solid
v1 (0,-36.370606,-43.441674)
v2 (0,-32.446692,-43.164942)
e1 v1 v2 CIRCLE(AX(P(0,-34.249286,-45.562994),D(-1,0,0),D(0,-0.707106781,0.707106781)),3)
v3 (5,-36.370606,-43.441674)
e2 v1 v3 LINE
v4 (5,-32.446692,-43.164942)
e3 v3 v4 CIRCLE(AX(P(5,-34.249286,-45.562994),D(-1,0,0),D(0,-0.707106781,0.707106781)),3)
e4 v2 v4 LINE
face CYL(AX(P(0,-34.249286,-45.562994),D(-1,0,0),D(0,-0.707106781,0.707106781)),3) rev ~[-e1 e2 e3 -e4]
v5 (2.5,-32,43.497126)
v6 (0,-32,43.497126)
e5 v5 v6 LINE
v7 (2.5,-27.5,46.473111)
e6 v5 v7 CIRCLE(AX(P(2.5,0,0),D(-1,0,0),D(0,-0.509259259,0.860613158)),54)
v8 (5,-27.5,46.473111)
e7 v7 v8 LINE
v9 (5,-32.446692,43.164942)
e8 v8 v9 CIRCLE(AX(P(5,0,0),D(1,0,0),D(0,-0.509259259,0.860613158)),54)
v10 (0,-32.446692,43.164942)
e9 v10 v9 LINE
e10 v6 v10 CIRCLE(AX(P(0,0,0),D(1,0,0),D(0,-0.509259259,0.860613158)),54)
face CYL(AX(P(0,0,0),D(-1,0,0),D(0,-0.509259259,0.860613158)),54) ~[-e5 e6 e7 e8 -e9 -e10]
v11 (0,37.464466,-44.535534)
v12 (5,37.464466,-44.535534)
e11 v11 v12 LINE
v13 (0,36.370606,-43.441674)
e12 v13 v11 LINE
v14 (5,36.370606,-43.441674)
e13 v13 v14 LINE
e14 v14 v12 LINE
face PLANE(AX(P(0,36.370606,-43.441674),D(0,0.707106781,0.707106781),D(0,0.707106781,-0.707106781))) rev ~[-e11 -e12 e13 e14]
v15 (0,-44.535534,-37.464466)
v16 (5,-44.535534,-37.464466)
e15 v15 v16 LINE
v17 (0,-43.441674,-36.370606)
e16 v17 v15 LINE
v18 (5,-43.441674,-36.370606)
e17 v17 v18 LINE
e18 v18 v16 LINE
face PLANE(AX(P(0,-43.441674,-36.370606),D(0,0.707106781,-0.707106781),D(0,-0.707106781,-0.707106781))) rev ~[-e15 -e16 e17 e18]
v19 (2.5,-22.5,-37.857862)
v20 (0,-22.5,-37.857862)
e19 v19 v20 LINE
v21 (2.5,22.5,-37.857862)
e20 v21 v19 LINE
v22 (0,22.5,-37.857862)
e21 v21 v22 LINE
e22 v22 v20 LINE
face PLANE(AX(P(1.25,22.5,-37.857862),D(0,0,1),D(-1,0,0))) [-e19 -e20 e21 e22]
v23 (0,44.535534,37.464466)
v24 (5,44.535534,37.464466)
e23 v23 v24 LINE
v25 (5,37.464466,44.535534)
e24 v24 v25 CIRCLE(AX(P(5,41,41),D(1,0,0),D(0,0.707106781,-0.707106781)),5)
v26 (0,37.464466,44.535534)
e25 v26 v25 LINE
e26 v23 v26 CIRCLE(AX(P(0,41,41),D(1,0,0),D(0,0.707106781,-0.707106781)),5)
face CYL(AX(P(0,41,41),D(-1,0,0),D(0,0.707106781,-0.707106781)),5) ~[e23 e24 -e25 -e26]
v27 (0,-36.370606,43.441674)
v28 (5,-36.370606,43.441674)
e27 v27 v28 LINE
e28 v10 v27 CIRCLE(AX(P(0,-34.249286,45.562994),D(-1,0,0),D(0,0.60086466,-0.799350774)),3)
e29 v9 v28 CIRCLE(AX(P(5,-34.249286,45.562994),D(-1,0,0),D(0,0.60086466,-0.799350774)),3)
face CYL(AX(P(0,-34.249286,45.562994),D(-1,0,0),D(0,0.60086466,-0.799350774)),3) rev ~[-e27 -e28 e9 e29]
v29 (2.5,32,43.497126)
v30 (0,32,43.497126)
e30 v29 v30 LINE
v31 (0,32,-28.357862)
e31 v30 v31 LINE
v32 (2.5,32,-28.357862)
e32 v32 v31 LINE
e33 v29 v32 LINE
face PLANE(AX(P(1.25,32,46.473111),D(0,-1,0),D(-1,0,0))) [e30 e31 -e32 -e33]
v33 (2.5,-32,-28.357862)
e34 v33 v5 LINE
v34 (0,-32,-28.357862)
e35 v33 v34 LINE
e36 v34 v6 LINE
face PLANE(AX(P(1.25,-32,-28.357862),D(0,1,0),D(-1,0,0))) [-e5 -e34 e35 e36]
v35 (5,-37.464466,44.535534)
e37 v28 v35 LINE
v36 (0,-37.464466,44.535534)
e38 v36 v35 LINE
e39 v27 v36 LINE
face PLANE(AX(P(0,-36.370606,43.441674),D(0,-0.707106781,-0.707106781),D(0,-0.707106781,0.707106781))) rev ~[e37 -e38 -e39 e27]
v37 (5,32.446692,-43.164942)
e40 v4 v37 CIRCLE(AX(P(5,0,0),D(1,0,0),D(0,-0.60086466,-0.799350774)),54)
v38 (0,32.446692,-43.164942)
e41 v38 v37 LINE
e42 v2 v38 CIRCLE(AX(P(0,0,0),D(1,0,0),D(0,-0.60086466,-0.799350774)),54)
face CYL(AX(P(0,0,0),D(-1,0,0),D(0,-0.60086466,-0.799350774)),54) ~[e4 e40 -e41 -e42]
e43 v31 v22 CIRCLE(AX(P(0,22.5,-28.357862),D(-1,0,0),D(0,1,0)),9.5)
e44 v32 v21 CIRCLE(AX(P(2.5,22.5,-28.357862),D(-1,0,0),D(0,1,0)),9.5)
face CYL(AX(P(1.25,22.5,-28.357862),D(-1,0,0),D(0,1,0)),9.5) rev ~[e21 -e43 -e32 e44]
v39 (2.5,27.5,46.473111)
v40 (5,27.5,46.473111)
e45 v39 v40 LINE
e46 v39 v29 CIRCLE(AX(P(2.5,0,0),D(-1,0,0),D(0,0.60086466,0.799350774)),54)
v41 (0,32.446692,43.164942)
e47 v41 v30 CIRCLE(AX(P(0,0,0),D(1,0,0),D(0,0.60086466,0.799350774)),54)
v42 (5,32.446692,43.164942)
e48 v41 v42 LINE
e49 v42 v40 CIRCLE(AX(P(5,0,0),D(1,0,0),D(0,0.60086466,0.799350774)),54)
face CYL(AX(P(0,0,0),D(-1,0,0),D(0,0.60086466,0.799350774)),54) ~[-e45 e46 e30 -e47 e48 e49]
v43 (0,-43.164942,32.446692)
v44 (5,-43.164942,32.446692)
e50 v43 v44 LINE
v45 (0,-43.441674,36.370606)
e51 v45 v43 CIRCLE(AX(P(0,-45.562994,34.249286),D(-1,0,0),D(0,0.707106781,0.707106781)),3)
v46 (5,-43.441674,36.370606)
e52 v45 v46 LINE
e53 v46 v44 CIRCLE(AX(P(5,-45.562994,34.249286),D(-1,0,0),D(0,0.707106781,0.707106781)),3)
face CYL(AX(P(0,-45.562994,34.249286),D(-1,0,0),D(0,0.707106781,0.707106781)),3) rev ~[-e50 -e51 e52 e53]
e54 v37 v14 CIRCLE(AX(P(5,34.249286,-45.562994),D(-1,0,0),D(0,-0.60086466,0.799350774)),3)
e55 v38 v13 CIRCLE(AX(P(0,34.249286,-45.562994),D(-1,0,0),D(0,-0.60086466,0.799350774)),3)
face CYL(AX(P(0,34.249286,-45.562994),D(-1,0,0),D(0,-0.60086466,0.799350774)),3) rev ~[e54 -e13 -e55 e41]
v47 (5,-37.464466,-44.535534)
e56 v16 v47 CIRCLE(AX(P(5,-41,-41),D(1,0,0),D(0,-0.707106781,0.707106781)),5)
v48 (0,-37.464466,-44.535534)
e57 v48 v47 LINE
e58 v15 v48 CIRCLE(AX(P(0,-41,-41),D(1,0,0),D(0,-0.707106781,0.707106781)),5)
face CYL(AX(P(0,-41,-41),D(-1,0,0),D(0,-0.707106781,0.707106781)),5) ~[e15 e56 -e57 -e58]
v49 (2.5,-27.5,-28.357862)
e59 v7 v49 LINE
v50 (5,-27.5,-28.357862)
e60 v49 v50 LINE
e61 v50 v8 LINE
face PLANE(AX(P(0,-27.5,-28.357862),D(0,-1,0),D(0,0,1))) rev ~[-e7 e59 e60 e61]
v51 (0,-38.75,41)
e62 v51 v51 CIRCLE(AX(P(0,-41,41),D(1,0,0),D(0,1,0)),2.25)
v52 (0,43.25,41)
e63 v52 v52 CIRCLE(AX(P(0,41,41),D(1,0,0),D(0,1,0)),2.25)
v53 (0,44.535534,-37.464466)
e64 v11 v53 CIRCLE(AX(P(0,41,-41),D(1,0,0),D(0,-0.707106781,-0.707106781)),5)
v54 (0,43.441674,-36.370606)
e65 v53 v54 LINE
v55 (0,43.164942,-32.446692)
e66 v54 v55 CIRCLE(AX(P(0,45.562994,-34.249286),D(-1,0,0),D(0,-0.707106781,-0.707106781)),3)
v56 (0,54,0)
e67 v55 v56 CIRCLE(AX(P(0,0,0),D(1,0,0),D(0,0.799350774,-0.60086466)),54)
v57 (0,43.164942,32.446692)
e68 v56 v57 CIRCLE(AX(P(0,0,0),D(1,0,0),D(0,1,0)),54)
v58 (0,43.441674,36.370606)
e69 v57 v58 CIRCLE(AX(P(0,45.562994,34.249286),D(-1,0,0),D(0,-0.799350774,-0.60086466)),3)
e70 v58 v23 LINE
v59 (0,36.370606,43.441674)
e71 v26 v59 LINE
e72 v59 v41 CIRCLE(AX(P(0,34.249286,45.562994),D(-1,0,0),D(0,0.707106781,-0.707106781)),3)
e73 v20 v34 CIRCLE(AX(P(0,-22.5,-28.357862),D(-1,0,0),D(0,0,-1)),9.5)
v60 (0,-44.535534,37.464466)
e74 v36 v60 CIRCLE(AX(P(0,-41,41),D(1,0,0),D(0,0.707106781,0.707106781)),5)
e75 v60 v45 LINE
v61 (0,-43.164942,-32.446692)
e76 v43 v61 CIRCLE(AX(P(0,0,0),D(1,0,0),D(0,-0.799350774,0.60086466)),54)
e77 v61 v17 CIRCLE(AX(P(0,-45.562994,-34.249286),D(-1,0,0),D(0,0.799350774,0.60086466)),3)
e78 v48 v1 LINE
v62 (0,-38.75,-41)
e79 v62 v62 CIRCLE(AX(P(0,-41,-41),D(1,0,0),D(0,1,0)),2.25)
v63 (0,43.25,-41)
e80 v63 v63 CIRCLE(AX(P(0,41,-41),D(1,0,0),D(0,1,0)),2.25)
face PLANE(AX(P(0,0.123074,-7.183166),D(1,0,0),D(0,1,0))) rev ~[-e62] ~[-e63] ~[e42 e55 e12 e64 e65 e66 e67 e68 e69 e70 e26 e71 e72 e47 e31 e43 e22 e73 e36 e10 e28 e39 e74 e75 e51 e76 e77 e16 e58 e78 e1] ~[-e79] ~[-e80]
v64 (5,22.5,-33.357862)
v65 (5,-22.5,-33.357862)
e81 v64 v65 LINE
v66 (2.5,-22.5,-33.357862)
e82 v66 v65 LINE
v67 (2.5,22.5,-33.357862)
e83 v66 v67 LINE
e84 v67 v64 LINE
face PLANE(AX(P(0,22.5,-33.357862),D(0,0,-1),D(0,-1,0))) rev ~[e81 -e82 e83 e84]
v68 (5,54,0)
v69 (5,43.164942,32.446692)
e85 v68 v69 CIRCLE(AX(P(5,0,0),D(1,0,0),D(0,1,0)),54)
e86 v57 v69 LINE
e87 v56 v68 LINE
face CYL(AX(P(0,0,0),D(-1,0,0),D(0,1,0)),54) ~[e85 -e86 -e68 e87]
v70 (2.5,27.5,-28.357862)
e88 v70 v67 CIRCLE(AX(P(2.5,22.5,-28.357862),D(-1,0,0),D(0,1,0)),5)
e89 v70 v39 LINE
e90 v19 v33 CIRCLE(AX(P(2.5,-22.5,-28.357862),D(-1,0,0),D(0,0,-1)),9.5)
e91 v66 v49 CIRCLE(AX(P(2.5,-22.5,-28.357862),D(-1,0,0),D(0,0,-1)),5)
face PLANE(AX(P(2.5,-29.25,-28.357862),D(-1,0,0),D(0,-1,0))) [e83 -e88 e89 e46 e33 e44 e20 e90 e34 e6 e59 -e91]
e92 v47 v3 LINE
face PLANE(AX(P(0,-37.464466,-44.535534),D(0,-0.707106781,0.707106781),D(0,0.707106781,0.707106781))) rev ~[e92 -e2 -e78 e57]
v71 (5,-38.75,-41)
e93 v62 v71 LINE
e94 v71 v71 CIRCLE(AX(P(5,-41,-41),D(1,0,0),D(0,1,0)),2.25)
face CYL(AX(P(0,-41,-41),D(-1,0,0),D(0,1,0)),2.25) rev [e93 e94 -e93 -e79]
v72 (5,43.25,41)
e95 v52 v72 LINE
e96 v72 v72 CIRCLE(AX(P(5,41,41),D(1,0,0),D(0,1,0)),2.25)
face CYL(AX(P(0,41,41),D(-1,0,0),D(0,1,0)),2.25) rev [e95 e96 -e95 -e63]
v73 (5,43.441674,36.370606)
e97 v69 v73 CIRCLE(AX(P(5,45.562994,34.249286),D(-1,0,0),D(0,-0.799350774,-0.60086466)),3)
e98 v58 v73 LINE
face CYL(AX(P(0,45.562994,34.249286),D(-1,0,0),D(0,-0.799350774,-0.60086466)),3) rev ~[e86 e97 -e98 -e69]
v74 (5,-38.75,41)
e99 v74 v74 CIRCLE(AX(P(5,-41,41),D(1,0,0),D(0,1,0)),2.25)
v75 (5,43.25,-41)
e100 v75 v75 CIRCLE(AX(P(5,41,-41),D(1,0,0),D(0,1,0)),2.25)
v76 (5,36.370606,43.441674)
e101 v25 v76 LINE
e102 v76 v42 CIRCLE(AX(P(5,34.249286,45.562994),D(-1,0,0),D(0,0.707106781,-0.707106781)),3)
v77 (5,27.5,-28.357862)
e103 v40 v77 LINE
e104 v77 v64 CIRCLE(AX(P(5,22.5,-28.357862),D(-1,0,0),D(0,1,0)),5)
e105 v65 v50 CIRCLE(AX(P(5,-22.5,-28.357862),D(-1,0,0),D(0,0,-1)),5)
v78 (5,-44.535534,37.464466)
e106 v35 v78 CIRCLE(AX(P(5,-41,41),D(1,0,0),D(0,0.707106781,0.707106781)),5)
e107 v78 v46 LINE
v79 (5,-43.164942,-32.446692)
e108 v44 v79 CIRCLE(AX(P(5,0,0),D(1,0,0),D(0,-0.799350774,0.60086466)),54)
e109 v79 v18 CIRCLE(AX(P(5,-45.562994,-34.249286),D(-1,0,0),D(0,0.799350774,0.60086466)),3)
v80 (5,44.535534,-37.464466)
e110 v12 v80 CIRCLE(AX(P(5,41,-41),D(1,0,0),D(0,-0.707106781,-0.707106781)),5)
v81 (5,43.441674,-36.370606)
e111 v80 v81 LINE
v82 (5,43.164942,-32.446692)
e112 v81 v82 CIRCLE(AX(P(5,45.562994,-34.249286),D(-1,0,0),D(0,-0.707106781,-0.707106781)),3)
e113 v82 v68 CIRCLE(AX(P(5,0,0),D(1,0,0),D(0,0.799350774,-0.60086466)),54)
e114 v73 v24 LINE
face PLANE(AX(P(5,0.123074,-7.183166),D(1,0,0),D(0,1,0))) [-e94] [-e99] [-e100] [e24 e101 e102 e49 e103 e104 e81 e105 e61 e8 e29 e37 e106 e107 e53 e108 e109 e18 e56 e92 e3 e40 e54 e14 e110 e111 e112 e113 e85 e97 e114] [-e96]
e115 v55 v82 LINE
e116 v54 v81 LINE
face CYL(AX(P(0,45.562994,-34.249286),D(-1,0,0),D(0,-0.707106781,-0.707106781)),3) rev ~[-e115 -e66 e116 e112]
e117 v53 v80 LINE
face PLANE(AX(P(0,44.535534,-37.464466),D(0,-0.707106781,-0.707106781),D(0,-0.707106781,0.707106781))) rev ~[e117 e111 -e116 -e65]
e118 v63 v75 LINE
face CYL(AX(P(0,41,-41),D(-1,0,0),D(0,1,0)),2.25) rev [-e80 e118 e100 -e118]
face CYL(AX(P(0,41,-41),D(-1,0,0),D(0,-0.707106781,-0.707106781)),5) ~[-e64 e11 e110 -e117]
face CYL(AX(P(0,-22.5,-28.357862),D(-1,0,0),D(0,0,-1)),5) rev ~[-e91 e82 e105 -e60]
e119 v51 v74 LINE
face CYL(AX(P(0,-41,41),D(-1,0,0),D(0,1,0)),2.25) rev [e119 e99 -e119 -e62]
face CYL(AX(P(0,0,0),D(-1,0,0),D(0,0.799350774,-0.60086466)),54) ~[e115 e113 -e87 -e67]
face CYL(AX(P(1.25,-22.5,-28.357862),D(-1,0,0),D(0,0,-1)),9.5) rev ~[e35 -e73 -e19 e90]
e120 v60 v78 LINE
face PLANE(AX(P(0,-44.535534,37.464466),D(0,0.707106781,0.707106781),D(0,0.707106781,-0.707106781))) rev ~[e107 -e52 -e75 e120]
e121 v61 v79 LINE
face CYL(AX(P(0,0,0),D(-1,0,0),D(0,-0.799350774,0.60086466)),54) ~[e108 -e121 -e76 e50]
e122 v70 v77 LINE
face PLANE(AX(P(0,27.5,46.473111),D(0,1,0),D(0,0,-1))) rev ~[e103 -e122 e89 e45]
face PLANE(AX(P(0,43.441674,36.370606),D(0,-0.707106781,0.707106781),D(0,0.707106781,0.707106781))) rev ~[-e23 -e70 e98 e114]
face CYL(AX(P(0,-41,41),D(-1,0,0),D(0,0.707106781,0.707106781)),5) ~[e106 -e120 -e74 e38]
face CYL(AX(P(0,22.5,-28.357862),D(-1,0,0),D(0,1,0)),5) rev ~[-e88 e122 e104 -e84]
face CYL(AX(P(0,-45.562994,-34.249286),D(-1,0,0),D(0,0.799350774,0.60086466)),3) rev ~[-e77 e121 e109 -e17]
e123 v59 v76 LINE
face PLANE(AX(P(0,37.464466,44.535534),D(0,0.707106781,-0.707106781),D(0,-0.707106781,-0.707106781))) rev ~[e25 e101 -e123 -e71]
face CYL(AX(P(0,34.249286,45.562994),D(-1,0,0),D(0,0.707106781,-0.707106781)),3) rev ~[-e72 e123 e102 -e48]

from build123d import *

# Parameters (mm, degrees)
F0_R     = 2.25
F1_DEPTH = 5
F4_W     = 2.5
F4_H     = 5.5


with BuildPart() as f1:
    # F0 (on Right) → F1 (new body)
    with BuildSketch(Plane.YZ):
        with BuildLine():
            ThreePointArc((-27.5, 46.4731105049), (-30.0189515962, 44.8872202867), (-32.4466916485, 43.1649418054))
            ThreePointArc((-32.4466916485, 43.1649418054), (-38.1837661841, 38.1837661841), (-43.1649418054, 32.4466916485))
            ThreePointArc((-43.1649418054, 32.4466916485), (-54, 0), (-43.1649418054, -32.4466916485))
            ThreePointArc((-43.1649418054, -32.4466916485), (-38.1837661841, -38.1837661841), (-32.4466916485, -43.1649418054))
            ThreePointArc((-32.4466916485, -43.1649418054), (0, -54), (32.4466916485, -43.1649418054))
            ThreePointArc((32.4466916485, -43.1649418054), (38.1837661841, -38.1837661841), (43.1649418054, -32.4466916485))
            ThreePointArc((43.1649418054, -32.4466916485), (51.2196586161, -17.1039928453), (54, 0))
            ThreePointArc((54, 0), (51.2196586161, 17.1039928453), (43.1649418054, 32.4466916485))
            ThreePointArc((43.1649418054, 32.4466916485), (38.1837661841, 38.1837661841), (32.4466916485, 43.1649418054))
            ThreePointArc((32.4466916485, 43.1649418054), (30.0189515962, 44.8872202867), (27.5, 46.4731105049))
            Line((27.5, 46.4731105049), (27.5, -28.3578620553))
            ThreePointArc((27.5, -28.3578620553), (26.0355339059, -31.8933959612), (22.5, -33.3578620553))
            Line((22.5, -33.3578620553), (-22.5, -33.3578620553))
            ThreePointArc((-22.5, -33.3578620553), (-26.0355339059, -31.8933959612), (-27.5, -28.3578620553))
            Line((-27.5, -28.3578620553), (-27.5, 46.4731105049))
        make_face()
        with BuildLine():
            ThreePointArc((-43.1649418054, 32.4466916485), (-38.1837661841, 38.1837661841), (-32.4466916485, 43.1649418054))
            ThreePointArc((-32.4466916485, 43.1649418054), (-34.4603348429, 42.5704269643), (-36.3706059725, 43.4416737844))
            Line((-36.3706059725, 43.4416737844), (-37.4644660941, 44.5355339059))
            ThreePointArc((-37.4644660941, 44.5355339059), (-44.5355339059, 44.5355339059), (-44.5355339059, 37.4644660941))
            Line((-44.5355339059, 37.4644660941), (-43.4416737844, 36.3706059725))
            ThreePointArc((-43.4416737844, 36.3706059725), (-42.5704269643, 34.4603348429), (-43.1649418054, 32.4466916485))
        make_face()
        with Locations((-41, 41)):
            Circle(F0_R, mode=Mode.SUBTRACT)
        with BuildLine():
            ThreePointArc((-32.4466916485, -43.1649418054), (-38.1837661841, -38.1837661841), (-43.1649418054, -32.4466916485))
            ThreePointArc((-43.1649418054, -32.4466916485), (-42.5704269643, -34.4603348429), (-43.4416737844, -36.3706059725))
            Line((-43.4416737844, -36.3706059725), (-44.5355339059, -37.4644660941))
            ThreePointArc((-44.5355339059, -37.4644660941), (-44.5355339059, -44.5355339059), (-37.4644660941, -44.5355339059))
            Line((-37.4644660941, -44.5355339059), (-36.3706059725, -43.4416737844))
            ThreePointArc((-36.3706059725, -43.4416737844), (-34.4603348429, -42.5704269643), (-32.4466916485, -43.1649418054))
        make_face()
        with Locations((-41, -41)):
            Circle(F0_R, mode=Mode.SUBTRACT)
        with BuildLine():
            ThreePointArc((43.1649418054, -32.4466916485), (38.1837661841, -38.1837661841), (32.4466916485, -43.1649418054))
            ThreePointArc((32.4466916485, -43.1649418054), (34.4603348429, -42.5704269643), (36.3706059725, -43.4416737844))
            Line((36.3706059725, -43.4416737844), (37.4644660941, -44.5355339059))
            ThreePointArc((37.4644660941, -44.5355339059), (44.5355339059, -44.5355339059), (44.5355339059, -37.4644660941))
            Line((44.5355339059, -37.4644660941), (43.4416737844, -36.3706059725))
            ThreePointArc((43.4416737844, -36.3706059725), (42.5704269643, -34.4603348429), (43.1649418054, -32.4466916485))
        make_face()
        with Locations((41, -41)):
            Circle(F0_R, mode=Mode.SUBTRACT)
        with BuildLine():
            ThreePointArc((32.4466916485, 43.1649418054), (38.1837661841, 38.1837661841), (43.1649418054, 32.4466916485))
            ThreePointArc((43.1649418054, 32.4466916485), (42.5704269643, 34.4603348429), (43.4416737844, 36.3706059725))
            Line((43.4416737844, 36.3706059725), (44.5355339059, 37.4644660941))
            ThreePointArc((44.5355339059, 37.4644660941), (44.5355339059, 44.5355339059), (37.4644660941, 44.5355339059))
            Line((37.4644660941, 44.5355339059), (36.3706059725, 43.4416737844))
            ThreePointArc((36.3706059725, 43.4416737844), (34.4603348429, 42.5704269643), (32.4466916485, 43.1649418054))
        make_face()
        with Locations((41, 41)):
            Circle(F0_R, mode=Mode.SUBTRACT)
    extrude(amount=F1_DEPTH)

    # F5: sweep along a path in F5_path
    with BuildLine(Plane(origin=(5, 27.5, 46.4731105049), x_dir=(0, 0, -1), z_dir=(-1, 0, 0))) as f5_path:
        Line((0, 0), (74.8309725602, 0))
        ThreePointArc((74.8309725602, 0), (78.3665064661, 1.4644660941), (79.8309725602, 5))
        Line((79.8309725602, 5), (79.8309725602, 50))
        ThreePointArc((79.8309725602, 50), (78.3665064661, 53.5355339059), (74.8309725602, 55))
        Line((74.8309725602, 55), (0, 55))
    # F4 (on plane+point) → F5 (sweep, cut)
    with BuildSketch(Plane.XY.offset(46.4731105049)):
        with Locations((1.25, 29.25)):
            Rectangle(F4_W, F4_H)
    sweep(path=f5_path.line, mode=Mode.SUBTRACT)


solid = f1.part
